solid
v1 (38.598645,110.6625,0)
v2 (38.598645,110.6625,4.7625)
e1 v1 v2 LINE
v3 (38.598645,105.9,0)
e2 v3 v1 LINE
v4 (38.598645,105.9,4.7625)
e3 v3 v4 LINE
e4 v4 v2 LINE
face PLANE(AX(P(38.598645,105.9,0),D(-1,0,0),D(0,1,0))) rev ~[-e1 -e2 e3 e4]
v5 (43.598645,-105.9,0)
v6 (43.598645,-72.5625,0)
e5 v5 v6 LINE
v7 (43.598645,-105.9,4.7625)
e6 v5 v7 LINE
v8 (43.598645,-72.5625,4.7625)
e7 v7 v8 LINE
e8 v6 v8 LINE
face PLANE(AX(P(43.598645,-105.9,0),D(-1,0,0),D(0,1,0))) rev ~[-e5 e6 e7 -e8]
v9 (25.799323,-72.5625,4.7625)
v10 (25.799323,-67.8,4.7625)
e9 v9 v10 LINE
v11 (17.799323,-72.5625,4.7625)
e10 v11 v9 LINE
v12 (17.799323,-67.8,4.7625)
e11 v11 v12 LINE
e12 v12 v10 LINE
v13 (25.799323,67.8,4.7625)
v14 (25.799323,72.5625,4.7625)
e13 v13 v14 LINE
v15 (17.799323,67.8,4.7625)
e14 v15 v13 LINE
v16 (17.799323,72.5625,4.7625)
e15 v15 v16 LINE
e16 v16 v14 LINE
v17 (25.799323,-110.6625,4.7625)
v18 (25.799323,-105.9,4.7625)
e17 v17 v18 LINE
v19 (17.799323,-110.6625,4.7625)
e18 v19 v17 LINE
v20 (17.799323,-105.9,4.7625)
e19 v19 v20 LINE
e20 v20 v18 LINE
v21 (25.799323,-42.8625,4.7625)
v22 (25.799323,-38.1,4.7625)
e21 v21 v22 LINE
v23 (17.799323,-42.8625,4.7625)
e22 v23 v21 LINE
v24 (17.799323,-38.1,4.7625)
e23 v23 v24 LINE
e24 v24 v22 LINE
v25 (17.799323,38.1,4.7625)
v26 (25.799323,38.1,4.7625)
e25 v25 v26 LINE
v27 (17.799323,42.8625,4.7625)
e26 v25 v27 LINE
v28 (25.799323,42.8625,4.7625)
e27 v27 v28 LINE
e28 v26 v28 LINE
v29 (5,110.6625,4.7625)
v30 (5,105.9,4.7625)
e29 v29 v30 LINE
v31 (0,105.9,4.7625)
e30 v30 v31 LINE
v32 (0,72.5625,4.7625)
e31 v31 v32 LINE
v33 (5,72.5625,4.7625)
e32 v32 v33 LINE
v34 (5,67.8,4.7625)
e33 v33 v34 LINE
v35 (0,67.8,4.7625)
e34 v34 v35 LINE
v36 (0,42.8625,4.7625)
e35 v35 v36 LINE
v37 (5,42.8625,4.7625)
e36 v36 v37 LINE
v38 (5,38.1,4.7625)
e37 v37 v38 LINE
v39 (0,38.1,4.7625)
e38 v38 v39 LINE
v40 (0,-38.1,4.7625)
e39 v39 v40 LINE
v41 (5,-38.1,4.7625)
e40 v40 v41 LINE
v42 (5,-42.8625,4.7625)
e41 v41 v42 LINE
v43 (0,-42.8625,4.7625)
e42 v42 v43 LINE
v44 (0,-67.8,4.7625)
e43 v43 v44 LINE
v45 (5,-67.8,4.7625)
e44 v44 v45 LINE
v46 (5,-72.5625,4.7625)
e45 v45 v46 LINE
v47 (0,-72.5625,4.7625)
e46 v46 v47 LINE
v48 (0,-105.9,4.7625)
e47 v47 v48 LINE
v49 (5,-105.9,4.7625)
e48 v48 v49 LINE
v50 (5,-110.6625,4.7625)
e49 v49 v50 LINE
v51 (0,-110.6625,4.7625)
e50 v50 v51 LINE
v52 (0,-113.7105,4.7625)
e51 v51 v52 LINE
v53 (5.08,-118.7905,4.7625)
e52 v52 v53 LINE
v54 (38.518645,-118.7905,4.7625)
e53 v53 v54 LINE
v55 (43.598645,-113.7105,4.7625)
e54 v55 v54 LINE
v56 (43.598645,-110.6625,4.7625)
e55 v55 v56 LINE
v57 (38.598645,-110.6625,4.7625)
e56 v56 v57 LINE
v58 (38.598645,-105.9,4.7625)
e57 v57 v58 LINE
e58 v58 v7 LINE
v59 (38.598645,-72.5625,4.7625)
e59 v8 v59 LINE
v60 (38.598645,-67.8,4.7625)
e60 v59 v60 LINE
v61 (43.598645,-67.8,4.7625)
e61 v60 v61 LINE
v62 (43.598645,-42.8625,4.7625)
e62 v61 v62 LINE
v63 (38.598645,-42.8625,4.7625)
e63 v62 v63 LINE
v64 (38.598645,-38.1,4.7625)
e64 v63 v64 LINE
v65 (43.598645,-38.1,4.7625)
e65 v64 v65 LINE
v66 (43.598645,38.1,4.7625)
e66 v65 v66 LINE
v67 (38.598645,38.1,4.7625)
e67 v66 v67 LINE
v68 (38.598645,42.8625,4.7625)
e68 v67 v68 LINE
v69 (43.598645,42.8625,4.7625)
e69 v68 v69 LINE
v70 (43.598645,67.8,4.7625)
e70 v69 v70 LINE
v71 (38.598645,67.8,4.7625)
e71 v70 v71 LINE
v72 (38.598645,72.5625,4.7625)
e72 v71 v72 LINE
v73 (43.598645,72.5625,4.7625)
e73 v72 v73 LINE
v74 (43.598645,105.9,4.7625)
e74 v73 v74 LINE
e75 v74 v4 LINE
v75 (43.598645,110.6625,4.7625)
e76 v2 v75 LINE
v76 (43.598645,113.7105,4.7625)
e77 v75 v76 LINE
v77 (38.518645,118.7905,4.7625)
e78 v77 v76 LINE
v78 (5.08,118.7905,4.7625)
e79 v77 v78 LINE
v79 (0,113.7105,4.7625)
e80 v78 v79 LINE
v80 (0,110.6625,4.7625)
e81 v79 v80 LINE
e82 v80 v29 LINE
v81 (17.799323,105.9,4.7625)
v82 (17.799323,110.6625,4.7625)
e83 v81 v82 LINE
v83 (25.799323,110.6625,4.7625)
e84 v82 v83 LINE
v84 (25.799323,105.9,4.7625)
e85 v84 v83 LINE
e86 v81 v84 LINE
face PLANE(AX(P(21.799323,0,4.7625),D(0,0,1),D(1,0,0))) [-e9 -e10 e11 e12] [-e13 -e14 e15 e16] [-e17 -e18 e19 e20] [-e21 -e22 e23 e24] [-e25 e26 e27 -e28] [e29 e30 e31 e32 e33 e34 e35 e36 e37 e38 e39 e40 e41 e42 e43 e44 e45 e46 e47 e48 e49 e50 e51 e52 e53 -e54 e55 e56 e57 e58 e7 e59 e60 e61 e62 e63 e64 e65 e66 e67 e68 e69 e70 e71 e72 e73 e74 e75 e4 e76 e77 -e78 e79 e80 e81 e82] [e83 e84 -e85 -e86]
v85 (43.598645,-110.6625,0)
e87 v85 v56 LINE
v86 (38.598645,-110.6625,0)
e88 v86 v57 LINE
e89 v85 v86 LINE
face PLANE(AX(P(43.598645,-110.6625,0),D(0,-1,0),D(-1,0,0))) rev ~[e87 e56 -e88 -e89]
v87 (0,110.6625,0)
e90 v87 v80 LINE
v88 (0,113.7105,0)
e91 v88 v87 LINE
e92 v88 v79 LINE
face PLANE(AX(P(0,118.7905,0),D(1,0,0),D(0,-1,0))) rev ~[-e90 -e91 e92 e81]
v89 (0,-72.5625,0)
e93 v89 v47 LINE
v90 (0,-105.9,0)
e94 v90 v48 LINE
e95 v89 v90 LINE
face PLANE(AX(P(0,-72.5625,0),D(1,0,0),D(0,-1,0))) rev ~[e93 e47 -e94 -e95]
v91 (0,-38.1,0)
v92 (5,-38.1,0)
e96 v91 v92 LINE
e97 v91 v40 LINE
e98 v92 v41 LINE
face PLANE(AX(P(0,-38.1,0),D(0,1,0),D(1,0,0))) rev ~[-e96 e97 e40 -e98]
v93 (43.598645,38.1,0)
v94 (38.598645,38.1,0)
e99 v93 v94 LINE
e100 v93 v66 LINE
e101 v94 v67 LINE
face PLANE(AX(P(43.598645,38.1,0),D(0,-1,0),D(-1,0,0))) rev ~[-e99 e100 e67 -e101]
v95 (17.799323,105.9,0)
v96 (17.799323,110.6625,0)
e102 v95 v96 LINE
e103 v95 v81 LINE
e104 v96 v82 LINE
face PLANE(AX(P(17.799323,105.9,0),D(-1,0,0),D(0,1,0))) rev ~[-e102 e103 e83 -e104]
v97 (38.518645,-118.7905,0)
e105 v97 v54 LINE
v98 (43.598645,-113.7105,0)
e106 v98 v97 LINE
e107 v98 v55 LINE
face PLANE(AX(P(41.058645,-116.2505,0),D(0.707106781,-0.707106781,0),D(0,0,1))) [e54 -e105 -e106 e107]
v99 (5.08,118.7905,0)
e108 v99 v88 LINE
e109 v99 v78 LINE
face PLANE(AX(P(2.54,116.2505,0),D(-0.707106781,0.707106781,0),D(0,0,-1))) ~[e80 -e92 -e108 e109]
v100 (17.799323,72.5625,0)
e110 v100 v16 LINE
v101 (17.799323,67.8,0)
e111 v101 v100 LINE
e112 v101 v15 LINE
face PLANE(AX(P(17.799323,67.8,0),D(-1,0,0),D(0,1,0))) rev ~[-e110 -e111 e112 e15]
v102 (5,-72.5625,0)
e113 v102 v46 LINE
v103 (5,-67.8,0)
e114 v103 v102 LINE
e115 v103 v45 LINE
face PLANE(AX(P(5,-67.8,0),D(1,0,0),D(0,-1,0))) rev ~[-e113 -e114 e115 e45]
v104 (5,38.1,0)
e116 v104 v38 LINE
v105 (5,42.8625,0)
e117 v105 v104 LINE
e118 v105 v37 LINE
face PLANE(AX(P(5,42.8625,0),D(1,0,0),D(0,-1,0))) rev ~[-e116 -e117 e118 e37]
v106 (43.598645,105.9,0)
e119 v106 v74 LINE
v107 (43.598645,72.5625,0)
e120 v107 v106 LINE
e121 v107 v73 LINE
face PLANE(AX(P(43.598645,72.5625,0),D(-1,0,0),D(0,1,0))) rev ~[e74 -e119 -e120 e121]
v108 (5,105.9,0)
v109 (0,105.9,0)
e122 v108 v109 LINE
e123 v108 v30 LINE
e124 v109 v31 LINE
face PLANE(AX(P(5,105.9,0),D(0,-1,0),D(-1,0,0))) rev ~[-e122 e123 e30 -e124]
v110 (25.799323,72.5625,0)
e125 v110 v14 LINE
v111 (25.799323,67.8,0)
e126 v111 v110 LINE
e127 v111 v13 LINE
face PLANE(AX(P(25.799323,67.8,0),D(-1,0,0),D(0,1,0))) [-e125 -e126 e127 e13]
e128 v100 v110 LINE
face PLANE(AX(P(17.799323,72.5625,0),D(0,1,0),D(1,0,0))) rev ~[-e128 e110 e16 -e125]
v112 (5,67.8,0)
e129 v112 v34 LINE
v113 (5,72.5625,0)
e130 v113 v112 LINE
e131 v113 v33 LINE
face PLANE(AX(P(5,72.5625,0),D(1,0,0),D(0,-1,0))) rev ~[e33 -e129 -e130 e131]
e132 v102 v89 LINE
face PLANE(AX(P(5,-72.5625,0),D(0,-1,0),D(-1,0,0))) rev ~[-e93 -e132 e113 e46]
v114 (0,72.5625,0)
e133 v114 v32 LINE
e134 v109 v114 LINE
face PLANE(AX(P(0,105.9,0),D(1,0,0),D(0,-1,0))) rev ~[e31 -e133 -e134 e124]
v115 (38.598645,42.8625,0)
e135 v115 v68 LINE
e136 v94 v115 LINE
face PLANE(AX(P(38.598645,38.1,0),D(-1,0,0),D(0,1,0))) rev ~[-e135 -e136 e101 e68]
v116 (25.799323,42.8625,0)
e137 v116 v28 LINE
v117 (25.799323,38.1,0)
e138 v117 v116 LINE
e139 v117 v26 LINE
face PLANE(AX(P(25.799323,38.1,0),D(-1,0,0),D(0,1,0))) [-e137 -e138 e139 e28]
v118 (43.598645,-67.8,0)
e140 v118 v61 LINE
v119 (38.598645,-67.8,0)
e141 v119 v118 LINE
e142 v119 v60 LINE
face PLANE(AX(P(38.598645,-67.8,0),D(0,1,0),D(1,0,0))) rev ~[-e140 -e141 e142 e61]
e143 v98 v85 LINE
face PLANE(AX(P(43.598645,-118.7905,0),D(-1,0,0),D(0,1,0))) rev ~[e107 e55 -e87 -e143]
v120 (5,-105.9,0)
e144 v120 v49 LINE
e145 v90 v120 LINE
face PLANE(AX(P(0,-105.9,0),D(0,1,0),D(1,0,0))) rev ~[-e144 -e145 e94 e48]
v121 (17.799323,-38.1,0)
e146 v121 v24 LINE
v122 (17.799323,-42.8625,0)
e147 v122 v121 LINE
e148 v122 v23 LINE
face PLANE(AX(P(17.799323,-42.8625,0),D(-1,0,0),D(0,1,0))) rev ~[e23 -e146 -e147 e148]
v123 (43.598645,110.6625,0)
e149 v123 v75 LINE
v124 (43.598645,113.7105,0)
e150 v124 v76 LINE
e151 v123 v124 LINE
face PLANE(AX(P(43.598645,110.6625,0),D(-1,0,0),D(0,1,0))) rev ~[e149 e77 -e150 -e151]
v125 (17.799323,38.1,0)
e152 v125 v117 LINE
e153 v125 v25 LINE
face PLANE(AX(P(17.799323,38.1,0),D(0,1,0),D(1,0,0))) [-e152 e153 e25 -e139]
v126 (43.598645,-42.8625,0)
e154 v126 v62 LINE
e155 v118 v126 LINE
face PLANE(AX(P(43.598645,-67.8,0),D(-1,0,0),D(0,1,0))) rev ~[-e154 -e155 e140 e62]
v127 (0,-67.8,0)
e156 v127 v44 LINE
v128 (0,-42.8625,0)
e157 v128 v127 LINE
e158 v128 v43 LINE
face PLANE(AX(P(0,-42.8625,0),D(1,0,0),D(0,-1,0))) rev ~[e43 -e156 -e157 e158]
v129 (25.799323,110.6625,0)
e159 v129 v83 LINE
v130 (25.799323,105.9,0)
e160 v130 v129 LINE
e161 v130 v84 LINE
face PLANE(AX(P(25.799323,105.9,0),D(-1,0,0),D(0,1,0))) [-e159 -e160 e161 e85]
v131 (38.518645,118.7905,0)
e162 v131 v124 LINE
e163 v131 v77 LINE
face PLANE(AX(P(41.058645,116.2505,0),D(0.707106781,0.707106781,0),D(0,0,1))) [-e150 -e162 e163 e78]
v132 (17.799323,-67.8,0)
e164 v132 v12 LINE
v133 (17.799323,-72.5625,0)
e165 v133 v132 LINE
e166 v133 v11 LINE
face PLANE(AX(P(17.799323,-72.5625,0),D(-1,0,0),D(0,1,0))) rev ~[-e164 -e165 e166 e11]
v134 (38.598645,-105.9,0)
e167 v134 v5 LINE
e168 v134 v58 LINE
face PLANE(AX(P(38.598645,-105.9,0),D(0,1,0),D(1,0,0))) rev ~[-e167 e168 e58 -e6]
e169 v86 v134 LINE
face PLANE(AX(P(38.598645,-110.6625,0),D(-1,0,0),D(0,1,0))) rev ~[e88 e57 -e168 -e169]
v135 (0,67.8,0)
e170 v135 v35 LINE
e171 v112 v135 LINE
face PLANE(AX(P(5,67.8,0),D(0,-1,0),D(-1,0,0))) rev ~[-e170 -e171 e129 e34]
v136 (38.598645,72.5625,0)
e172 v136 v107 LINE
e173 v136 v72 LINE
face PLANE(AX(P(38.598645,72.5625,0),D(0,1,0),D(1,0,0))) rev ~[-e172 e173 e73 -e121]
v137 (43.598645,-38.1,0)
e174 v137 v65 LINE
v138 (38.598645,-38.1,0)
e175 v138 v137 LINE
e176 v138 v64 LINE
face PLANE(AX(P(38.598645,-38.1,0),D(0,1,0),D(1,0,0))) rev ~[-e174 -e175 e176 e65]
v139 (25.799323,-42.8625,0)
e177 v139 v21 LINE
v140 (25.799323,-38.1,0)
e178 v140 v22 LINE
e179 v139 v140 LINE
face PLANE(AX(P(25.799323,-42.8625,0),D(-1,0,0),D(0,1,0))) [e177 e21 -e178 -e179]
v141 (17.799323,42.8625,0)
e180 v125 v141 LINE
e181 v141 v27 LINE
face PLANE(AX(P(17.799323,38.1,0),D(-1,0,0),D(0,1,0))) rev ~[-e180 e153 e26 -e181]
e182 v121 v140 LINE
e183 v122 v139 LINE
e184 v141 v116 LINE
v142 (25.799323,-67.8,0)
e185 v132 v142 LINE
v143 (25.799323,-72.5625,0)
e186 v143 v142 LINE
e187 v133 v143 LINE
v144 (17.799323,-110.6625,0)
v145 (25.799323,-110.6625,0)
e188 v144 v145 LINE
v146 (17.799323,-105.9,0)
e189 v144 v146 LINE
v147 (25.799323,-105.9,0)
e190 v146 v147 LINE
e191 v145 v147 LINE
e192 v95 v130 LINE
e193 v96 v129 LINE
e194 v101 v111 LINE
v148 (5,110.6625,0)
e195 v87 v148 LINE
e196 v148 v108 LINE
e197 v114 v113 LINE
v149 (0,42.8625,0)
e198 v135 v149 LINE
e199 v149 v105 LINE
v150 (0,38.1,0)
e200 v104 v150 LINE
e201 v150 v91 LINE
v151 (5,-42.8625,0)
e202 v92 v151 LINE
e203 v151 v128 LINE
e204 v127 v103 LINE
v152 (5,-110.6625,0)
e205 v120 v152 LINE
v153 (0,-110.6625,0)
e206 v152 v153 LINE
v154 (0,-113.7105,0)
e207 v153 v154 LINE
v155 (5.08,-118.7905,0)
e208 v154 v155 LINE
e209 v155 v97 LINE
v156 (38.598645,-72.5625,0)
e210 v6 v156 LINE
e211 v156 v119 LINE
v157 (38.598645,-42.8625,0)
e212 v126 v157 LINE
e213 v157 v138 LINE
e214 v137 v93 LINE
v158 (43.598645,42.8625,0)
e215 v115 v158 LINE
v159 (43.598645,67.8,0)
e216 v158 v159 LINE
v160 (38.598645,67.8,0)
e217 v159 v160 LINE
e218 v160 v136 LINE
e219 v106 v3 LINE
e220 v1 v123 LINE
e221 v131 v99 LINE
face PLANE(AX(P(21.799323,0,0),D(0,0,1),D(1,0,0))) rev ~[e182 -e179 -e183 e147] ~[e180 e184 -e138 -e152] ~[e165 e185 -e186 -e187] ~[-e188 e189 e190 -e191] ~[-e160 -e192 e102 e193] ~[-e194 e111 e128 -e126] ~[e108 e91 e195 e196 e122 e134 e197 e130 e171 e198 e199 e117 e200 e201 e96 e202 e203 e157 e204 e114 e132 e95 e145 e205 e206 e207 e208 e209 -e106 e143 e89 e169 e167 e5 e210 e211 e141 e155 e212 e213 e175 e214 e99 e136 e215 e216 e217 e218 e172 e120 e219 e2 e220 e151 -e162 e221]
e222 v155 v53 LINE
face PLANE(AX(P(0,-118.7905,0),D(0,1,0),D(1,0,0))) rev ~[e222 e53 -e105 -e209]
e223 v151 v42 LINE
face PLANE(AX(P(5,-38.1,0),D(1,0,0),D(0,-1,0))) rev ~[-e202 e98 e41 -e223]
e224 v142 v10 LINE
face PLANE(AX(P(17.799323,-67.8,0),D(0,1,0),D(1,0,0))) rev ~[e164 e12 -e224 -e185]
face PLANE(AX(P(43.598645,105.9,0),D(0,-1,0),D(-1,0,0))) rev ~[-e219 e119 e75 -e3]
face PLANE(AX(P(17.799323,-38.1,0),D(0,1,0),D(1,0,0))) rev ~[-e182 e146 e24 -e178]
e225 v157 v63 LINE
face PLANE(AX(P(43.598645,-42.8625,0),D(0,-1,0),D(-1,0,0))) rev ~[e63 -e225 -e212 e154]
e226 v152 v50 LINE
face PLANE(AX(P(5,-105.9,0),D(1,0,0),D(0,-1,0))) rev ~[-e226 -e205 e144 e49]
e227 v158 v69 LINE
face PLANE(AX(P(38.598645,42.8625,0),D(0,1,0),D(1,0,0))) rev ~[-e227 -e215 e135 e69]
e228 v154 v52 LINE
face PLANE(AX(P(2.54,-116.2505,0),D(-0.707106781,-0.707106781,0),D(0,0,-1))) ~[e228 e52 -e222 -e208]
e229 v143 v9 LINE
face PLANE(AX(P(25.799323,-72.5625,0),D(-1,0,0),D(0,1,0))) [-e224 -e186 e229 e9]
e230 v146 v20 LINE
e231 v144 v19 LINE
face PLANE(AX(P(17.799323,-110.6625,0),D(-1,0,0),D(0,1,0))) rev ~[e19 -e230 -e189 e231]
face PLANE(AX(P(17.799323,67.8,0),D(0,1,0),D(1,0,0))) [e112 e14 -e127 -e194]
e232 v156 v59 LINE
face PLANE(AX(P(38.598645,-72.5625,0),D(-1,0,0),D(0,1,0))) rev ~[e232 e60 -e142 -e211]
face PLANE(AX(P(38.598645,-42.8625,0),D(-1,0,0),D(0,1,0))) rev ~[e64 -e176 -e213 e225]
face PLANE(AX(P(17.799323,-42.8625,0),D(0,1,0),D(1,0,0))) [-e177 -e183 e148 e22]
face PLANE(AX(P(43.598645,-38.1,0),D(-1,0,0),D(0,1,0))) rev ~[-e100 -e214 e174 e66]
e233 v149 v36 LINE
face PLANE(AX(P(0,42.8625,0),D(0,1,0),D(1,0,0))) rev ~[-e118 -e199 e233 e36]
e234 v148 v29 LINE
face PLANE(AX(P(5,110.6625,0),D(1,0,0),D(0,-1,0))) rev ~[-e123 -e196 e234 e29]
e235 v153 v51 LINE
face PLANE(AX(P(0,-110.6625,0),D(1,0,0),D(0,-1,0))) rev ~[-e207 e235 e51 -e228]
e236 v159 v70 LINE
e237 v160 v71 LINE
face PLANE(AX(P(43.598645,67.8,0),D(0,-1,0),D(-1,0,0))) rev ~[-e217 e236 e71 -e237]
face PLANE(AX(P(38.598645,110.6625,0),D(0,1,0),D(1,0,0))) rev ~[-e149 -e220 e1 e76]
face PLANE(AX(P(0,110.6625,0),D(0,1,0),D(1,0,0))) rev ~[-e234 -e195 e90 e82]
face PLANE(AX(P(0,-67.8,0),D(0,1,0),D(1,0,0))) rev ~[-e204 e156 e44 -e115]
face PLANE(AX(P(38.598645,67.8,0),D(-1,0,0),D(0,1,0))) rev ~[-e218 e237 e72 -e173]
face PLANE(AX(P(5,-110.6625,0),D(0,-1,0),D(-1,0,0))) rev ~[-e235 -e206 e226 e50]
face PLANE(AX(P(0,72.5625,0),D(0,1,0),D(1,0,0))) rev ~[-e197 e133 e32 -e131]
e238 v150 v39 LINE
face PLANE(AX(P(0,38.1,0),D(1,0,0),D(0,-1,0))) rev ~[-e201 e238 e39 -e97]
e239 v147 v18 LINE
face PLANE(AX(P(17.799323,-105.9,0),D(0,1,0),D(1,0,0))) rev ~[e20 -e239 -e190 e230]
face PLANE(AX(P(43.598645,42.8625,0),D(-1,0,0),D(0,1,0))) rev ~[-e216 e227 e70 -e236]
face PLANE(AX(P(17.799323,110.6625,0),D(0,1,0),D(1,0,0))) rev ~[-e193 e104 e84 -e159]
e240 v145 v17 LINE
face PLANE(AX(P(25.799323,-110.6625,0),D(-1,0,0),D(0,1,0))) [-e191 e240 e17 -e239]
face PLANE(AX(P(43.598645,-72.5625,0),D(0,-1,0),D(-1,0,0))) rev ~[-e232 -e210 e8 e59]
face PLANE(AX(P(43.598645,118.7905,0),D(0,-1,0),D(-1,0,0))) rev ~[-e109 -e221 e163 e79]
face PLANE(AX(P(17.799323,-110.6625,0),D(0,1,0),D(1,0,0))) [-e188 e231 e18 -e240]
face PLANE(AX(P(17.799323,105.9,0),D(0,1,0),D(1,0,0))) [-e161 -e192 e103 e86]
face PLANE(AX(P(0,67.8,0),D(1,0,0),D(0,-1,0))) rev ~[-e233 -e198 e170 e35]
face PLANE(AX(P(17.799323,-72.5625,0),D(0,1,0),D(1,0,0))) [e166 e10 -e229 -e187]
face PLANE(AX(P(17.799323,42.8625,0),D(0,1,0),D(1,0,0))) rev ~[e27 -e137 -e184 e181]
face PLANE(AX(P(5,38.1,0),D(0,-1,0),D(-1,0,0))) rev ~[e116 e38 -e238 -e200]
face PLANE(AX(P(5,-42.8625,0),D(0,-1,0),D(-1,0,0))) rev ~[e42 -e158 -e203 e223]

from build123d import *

# Parameters (mm, degrees)
SKETCH1_W           = 8
SKETCH1_H           = 4.7625
BOSS_EXTRUDE1_DEPTH = 4.7625
CHAMFER1_SIZE       = 5.08


with BuildPart() as part:
    # Sketch1 → Boss-Extrude1 (new body)
    with BuildSketch(Plane.XY):
        Polygon((43.598645263, 118.7905), (0, 118.7905), (0, 110.6625), (5, 110.6625), (5, 105.9), (0, 105.9), (0, 72.5625), (5, 72.5625), (5, 67.8), (0, 67.8), (0, 42.8625), (5, 42.8625), (5, 38.1), (0, 38.1), (0, -38.1), (5, -38.1), (5, -42.8625), (0, -42.8625), (0, -67.8), (5, -67.8), (5, -72.5625), (0, -72.5625), (0, -105.9), (5, -105.9), (5, -110.6625), (0, -110.6625), (0, -118.7905), (43.598645263, -118.7905), (43.598645263, -110.6625), (38.598645263, -110.6625), (38.598645263, -105.9), (43.598645263, -105.9), (43.598645263, -72.5625), (38.598645263, -72.5625), (38.598645263, -67.8), (43.598645263, -67.8), (43.598645263, -42.8625), (38.598645263, -42.8625), (38.598645263, -38.1), (43.598645263, -38.1), (43.598645263, 38.1), (38.598645263, 38.1), (38.598645263, 42.8625), (43.598645263, 42.8625), (43.598645263, 67.8), (38.598645263, 67.8), (38.598645263, 72.5625), (43.598645263, 72.5625), (43.598645263, 105.9), (38.598645263, 105.9), (38.598645263, 110.6625), (43.598645263, 110.6625), align=None)
        with Locations((21.799322631, 108.28125)):
            Rectangle(SKETCH1_W, SKETCH1_H, mode=Mode.SUBTRACT)
        with Locations((21.799322631, 70.18125)):
            Rectangle(SKETCH1_W, SKETCH1_H, mode=Mode.SUBTRACT)
        with Locations((21.799322631, 40.48125)):
            Rectangle(SKETCH1_W, SKETCH1_H, mode=Mode.SUBTRACT)
        with Locations((21.799322631, -40.48125)):
            Rectangle(SKETCH1_W, SKETCH1_H, mode=Mode.SUBTRACT)
        with Locations((21.799322631, -70.18125)):
            Rectangle(SKETCH1_W, SKETCH1_H, mode=Mode.SUBTRACT)
        with Locations((21.799322631, -108.28125)):
            Rectangle(SKETCH1_W, SKETCH1_H, mode=Mode.SUBTRACT)
    extrude(amount=BOSS_EXTRUDE1_DEPTH)

    # Chamfer1
    chamfer1_edges = [part.edges().sort_by_distance(p)[0] for p in [
        (43.598645263, -118.7905, 2.38125),
        (0, -118.7905, 2.38125),
        (0, 118.7905, 2.38125),
        (43.598645263, 118.7905, 2.38125),
    ]]
    chamfer(chamfer1_edges, length=CHAMFER1_SIZE)


solid = part.part
